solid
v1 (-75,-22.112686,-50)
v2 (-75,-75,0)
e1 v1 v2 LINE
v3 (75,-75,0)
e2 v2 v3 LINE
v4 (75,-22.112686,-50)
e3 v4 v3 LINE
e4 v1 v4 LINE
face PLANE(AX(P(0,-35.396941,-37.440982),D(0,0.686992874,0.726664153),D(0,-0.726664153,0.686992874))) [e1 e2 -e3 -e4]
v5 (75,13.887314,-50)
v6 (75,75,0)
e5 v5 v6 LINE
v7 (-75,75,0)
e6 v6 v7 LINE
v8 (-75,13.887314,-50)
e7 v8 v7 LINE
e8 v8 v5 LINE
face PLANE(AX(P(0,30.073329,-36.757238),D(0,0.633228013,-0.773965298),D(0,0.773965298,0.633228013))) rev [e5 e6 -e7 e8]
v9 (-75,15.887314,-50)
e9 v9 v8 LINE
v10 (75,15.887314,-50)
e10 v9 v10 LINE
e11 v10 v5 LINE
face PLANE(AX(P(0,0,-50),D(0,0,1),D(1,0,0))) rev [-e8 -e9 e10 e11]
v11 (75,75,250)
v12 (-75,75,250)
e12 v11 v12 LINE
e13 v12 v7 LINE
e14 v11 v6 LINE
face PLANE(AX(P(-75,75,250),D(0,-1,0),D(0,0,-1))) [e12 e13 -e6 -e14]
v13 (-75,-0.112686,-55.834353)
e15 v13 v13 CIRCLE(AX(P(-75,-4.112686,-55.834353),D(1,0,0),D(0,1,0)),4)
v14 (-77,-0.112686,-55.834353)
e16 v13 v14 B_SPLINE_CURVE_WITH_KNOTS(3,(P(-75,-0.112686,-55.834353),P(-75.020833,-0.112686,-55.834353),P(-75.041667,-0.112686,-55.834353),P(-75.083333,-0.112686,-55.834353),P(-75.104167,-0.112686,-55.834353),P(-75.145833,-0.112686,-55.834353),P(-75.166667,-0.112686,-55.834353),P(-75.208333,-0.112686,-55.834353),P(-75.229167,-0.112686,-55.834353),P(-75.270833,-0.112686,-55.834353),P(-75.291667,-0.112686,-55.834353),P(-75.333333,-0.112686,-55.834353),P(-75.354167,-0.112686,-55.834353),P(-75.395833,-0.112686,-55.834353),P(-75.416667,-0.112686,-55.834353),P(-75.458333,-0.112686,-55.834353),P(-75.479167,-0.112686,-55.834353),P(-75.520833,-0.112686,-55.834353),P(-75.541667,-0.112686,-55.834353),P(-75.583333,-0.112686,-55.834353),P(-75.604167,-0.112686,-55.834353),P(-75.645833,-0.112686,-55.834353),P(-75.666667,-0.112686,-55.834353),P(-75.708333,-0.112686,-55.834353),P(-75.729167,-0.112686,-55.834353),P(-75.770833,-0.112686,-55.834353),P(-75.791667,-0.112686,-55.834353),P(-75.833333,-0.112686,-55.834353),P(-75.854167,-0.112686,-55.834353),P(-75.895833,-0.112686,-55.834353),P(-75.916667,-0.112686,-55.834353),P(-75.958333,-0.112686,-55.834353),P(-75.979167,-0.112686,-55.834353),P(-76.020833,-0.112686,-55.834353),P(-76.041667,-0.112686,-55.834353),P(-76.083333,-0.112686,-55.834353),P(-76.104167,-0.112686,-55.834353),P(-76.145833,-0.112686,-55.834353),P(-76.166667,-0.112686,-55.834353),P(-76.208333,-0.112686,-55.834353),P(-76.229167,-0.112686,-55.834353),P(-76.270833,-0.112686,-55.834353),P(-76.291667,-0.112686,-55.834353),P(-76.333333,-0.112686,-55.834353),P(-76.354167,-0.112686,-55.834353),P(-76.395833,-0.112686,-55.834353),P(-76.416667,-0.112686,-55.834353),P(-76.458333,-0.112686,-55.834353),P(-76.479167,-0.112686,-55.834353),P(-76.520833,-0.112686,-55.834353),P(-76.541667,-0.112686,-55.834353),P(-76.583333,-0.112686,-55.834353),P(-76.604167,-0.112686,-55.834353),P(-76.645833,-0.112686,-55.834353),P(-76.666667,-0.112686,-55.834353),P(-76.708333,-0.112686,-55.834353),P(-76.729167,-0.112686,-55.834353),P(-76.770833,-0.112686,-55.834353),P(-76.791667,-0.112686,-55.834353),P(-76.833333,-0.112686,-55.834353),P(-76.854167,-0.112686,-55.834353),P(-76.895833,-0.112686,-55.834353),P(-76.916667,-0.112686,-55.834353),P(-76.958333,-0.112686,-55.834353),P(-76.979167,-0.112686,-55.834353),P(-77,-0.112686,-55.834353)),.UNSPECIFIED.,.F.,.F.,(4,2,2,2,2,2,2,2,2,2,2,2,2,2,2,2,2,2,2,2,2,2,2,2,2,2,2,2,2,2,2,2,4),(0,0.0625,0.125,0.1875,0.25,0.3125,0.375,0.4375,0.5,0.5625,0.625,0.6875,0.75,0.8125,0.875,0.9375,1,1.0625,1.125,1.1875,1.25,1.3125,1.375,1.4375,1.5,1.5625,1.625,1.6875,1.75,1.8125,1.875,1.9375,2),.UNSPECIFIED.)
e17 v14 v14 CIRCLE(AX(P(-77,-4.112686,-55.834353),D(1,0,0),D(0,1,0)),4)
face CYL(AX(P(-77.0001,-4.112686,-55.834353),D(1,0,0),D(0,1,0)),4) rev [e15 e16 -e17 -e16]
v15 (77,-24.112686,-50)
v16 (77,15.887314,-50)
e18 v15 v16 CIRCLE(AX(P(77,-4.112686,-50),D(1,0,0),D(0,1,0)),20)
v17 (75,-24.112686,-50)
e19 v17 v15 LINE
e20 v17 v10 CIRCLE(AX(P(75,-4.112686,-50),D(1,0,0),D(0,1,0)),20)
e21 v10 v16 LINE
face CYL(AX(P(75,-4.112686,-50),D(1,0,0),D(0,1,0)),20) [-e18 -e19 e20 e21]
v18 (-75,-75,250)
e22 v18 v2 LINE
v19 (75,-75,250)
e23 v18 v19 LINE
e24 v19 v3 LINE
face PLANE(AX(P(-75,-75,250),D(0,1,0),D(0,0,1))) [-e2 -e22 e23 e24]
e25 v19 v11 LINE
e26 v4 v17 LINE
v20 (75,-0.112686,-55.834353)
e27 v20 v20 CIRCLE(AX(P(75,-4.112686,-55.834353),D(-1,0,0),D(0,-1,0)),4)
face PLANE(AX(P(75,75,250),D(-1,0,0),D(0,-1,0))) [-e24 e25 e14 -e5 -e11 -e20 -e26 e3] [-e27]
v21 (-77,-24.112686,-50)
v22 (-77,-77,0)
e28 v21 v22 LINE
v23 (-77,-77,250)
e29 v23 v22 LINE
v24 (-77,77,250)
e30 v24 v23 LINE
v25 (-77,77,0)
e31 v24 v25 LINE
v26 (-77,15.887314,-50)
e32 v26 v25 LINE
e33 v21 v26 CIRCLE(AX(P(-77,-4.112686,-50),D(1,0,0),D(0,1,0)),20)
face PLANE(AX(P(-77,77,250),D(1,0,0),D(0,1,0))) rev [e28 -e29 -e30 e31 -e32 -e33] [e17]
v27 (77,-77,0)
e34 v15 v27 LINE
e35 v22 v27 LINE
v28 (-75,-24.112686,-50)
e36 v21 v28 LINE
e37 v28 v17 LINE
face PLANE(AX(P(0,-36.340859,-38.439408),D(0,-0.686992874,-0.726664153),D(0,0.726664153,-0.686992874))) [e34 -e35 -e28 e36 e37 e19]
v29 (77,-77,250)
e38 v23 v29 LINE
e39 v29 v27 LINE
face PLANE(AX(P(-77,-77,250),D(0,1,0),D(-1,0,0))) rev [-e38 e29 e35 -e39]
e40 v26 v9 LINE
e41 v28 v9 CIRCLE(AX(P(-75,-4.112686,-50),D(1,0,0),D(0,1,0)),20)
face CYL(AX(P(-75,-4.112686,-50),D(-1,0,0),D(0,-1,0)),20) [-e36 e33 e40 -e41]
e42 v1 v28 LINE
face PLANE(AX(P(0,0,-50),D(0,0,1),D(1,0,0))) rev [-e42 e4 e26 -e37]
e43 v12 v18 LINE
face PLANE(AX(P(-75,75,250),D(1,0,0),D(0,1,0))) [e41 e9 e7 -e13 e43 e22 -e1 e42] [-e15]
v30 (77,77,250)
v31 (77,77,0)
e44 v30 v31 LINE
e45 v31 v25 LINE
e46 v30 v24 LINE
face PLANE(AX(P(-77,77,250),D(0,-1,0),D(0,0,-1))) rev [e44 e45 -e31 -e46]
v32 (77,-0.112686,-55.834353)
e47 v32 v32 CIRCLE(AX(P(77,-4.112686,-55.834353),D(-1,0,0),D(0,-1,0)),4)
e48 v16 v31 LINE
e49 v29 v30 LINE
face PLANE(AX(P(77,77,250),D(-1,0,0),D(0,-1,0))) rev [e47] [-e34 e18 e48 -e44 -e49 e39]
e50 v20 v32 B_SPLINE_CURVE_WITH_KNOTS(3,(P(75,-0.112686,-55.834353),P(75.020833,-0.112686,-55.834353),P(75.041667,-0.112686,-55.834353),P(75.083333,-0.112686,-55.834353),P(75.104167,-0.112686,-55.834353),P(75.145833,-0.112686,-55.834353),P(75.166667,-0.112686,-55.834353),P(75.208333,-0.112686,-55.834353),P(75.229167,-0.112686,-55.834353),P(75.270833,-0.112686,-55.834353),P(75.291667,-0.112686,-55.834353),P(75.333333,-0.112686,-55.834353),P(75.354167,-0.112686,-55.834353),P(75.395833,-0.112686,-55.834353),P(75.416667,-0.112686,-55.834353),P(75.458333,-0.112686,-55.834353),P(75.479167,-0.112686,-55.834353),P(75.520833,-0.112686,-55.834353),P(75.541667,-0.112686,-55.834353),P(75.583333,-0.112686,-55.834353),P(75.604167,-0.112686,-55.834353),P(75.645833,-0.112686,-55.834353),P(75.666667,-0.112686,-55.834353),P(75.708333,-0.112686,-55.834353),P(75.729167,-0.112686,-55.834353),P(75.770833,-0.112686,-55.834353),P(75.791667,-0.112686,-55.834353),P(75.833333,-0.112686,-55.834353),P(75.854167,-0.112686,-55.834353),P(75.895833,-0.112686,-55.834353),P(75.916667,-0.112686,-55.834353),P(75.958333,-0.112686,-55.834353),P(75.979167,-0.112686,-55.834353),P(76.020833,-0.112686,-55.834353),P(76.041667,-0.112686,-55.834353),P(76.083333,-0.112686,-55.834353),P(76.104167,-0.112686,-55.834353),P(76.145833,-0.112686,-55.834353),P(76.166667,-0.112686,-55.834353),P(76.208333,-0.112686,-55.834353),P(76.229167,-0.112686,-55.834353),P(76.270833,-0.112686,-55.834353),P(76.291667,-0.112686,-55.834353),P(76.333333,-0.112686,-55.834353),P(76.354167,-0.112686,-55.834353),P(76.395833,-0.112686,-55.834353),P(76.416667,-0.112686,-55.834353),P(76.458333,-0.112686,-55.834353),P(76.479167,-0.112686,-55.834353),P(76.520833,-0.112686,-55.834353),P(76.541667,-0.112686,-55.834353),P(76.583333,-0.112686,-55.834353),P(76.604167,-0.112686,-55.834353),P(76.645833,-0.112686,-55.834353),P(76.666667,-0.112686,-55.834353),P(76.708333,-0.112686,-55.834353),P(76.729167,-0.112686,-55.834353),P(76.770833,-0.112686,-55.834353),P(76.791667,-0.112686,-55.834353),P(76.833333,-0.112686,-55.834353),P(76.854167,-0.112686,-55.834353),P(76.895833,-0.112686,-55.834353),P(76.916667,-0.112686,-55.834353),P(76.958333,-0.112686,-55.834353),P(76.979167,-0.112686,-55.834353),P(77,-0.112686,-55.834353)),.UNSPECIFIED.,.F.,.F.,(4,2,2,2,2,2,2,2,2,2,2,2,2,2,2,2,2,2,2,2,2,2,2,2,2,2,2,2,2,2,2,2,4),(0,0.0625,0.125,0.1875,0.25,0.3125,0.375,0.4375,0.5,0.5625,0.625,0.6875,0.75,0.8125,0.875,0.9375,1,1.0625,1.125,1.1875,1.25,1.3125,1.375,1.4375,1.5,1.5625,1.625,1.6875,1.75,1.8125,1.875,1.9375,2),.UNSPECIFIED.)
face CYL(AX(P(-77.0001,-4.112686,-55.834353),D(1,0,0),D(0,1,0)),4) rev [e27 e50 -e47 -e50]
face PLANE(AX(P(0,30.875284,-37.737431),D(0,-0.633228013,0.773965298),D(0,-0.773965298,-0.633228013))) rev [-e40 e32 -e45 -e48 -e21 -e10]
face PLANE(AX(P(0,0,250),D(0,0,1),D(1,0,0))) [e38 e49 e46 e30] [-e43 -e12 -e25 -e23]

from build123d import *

# Parameters (mm, degrees)
SKETCH1_W               = 154
SKETCH1_H               = 154
SKETCH1_W_2             = 150
SKETCH1_H_2             = 150
BOSS_EXTRUDE1_DEPTH     = 250
BOSS_EXTRUDE6_DEPTH     = 2
BOSS_EXTRUDE7_START     = -152
BOSS_EXTRUDE7_DEPTH     = 2
CUT_EXTRUDE1_DEPTH      = 304.553949235
CUT_EXTRUDE1_DEPTH_BACK = 304.553949235
SKETCH8_R               = 4


with BuildPart() as part:
    # Sketch1 → Boss-Extrude1 (new body)
    with BuildSketch(Plane.XY):
        Rectangle(SKETCH1_W, SKETCH1_H)
        Rectangle(SKETCH1_W_2, SKETCH1_H_2, mode=Mode.SUBTRACT)
    extrude(amount=BOSS_EXTRUDE1_DEPTH)

    # Sketch3 → Loft1 section 0
    with BuildSketch(Plane.XY.offset(-50)):
        with BuildLine():
            Line((-77, 15.887313735), (77, 15.887313735))
            Line((77, 15.887313735), (77, -24.112686265))
            Line((77, -24.112686265), (-77, -24.112686265))
            Line((-77, -24.112686265), (-77, 15.887313735))
        make_face()
    # Sketch2 → Loft1 section 1
    with BuildSketch(Plane(origin=(0, 0, 0), x_dir=(-1, 0, 0), z_dir=(0, 0, -1))):
        with BuildLine():
            Line((-77, 77), (77, 77))
            Line((77, 77), (77, -77))
            Line((77, -77), (-77, -77))
            Line((-77, -77), (-77, 77))
        make_face()
    loft()

    # Sketch3<3> → Cut-Loft1 section 0
    with BuildSketch(Plane.XY.offset(-50)):
        with BuildLine():
            Line((-75, 13.887313735), (-75, -22.112686265))
            Line((-75, -22.112686265), (75, -22.112686265))
            Line((75, -22.112686265), (75, 13.887313735))
            Line((75, 13.887313735), (-75, 13.887313735))
        make_face()
    # Sketch1<2> → Cut-Loft1 section 1
    with BuildSketch(Plane.XY):
        with BuildLine():
            Line((-75, 75), (75, 75))
            Line((75, 75), (75, -75))
            Line((75, -75), (-75, -75))
            Line((-75, -75), (-75, 75))
        make_face()
    loft(mode=Mode.SUBTRACT)

    # Sketch7 → Boss-Extrude6 (add)
    with BuildSketch(Plane(origin=(77, 0, 0), x_dir=(0, 0, -1), z_dir=(1, 0, 0))):
        with BuildLine():
            Line((50, 15.887313735), (50, -24.112686265))
            ThreePointArc((50, -24.112686265), (70, -4.112686265), (50, 15.887313735))
        make_face()
    extrude(amount=-BOSS_EXTRUDE6_DEPTH)

    # Sketch7<2> → Boss-Extrude7 (add)
    with BuildSketch(Plane(origin=(77, 0, 0), x_dir=(0, 0, -1), z_dir=(1, 0, 0)).offset(BOSS_EXTRUDE7_START)):
        with BuildLine():
            Line((50, 15.887313735), (50, -24.112686265))
            ThreePointArc((50, -24.112686265), (70, -4.112686265), (50, 15.887313735))
        make_face()
    extrude(amount=-BOSS_EXTRUDE7_DEPTH)

    # Sketch8 → Cut-Extrude1 (cut, two sides: drawn at the far end of the back side and taken through both)
    with BuildSketch(Plane(origin=(77, 0, 0), x_dir=(0, 0, -1), z_dir=(1, 0, 0)).offset(-CUT_EXTRUDE1_DEPTH_BACK)):
        with Locations(Location((55.834353072, -4.112686265, 0), (0, 0, 90))):
            Circle(SKETCH8_R)
    extrude(amount=CUT_EXTRUDE1_DEPTH + CUT_EXTRUDE1_DEPTH_BACK, mode=Mode.SUBTRACT)


solid = part.part
